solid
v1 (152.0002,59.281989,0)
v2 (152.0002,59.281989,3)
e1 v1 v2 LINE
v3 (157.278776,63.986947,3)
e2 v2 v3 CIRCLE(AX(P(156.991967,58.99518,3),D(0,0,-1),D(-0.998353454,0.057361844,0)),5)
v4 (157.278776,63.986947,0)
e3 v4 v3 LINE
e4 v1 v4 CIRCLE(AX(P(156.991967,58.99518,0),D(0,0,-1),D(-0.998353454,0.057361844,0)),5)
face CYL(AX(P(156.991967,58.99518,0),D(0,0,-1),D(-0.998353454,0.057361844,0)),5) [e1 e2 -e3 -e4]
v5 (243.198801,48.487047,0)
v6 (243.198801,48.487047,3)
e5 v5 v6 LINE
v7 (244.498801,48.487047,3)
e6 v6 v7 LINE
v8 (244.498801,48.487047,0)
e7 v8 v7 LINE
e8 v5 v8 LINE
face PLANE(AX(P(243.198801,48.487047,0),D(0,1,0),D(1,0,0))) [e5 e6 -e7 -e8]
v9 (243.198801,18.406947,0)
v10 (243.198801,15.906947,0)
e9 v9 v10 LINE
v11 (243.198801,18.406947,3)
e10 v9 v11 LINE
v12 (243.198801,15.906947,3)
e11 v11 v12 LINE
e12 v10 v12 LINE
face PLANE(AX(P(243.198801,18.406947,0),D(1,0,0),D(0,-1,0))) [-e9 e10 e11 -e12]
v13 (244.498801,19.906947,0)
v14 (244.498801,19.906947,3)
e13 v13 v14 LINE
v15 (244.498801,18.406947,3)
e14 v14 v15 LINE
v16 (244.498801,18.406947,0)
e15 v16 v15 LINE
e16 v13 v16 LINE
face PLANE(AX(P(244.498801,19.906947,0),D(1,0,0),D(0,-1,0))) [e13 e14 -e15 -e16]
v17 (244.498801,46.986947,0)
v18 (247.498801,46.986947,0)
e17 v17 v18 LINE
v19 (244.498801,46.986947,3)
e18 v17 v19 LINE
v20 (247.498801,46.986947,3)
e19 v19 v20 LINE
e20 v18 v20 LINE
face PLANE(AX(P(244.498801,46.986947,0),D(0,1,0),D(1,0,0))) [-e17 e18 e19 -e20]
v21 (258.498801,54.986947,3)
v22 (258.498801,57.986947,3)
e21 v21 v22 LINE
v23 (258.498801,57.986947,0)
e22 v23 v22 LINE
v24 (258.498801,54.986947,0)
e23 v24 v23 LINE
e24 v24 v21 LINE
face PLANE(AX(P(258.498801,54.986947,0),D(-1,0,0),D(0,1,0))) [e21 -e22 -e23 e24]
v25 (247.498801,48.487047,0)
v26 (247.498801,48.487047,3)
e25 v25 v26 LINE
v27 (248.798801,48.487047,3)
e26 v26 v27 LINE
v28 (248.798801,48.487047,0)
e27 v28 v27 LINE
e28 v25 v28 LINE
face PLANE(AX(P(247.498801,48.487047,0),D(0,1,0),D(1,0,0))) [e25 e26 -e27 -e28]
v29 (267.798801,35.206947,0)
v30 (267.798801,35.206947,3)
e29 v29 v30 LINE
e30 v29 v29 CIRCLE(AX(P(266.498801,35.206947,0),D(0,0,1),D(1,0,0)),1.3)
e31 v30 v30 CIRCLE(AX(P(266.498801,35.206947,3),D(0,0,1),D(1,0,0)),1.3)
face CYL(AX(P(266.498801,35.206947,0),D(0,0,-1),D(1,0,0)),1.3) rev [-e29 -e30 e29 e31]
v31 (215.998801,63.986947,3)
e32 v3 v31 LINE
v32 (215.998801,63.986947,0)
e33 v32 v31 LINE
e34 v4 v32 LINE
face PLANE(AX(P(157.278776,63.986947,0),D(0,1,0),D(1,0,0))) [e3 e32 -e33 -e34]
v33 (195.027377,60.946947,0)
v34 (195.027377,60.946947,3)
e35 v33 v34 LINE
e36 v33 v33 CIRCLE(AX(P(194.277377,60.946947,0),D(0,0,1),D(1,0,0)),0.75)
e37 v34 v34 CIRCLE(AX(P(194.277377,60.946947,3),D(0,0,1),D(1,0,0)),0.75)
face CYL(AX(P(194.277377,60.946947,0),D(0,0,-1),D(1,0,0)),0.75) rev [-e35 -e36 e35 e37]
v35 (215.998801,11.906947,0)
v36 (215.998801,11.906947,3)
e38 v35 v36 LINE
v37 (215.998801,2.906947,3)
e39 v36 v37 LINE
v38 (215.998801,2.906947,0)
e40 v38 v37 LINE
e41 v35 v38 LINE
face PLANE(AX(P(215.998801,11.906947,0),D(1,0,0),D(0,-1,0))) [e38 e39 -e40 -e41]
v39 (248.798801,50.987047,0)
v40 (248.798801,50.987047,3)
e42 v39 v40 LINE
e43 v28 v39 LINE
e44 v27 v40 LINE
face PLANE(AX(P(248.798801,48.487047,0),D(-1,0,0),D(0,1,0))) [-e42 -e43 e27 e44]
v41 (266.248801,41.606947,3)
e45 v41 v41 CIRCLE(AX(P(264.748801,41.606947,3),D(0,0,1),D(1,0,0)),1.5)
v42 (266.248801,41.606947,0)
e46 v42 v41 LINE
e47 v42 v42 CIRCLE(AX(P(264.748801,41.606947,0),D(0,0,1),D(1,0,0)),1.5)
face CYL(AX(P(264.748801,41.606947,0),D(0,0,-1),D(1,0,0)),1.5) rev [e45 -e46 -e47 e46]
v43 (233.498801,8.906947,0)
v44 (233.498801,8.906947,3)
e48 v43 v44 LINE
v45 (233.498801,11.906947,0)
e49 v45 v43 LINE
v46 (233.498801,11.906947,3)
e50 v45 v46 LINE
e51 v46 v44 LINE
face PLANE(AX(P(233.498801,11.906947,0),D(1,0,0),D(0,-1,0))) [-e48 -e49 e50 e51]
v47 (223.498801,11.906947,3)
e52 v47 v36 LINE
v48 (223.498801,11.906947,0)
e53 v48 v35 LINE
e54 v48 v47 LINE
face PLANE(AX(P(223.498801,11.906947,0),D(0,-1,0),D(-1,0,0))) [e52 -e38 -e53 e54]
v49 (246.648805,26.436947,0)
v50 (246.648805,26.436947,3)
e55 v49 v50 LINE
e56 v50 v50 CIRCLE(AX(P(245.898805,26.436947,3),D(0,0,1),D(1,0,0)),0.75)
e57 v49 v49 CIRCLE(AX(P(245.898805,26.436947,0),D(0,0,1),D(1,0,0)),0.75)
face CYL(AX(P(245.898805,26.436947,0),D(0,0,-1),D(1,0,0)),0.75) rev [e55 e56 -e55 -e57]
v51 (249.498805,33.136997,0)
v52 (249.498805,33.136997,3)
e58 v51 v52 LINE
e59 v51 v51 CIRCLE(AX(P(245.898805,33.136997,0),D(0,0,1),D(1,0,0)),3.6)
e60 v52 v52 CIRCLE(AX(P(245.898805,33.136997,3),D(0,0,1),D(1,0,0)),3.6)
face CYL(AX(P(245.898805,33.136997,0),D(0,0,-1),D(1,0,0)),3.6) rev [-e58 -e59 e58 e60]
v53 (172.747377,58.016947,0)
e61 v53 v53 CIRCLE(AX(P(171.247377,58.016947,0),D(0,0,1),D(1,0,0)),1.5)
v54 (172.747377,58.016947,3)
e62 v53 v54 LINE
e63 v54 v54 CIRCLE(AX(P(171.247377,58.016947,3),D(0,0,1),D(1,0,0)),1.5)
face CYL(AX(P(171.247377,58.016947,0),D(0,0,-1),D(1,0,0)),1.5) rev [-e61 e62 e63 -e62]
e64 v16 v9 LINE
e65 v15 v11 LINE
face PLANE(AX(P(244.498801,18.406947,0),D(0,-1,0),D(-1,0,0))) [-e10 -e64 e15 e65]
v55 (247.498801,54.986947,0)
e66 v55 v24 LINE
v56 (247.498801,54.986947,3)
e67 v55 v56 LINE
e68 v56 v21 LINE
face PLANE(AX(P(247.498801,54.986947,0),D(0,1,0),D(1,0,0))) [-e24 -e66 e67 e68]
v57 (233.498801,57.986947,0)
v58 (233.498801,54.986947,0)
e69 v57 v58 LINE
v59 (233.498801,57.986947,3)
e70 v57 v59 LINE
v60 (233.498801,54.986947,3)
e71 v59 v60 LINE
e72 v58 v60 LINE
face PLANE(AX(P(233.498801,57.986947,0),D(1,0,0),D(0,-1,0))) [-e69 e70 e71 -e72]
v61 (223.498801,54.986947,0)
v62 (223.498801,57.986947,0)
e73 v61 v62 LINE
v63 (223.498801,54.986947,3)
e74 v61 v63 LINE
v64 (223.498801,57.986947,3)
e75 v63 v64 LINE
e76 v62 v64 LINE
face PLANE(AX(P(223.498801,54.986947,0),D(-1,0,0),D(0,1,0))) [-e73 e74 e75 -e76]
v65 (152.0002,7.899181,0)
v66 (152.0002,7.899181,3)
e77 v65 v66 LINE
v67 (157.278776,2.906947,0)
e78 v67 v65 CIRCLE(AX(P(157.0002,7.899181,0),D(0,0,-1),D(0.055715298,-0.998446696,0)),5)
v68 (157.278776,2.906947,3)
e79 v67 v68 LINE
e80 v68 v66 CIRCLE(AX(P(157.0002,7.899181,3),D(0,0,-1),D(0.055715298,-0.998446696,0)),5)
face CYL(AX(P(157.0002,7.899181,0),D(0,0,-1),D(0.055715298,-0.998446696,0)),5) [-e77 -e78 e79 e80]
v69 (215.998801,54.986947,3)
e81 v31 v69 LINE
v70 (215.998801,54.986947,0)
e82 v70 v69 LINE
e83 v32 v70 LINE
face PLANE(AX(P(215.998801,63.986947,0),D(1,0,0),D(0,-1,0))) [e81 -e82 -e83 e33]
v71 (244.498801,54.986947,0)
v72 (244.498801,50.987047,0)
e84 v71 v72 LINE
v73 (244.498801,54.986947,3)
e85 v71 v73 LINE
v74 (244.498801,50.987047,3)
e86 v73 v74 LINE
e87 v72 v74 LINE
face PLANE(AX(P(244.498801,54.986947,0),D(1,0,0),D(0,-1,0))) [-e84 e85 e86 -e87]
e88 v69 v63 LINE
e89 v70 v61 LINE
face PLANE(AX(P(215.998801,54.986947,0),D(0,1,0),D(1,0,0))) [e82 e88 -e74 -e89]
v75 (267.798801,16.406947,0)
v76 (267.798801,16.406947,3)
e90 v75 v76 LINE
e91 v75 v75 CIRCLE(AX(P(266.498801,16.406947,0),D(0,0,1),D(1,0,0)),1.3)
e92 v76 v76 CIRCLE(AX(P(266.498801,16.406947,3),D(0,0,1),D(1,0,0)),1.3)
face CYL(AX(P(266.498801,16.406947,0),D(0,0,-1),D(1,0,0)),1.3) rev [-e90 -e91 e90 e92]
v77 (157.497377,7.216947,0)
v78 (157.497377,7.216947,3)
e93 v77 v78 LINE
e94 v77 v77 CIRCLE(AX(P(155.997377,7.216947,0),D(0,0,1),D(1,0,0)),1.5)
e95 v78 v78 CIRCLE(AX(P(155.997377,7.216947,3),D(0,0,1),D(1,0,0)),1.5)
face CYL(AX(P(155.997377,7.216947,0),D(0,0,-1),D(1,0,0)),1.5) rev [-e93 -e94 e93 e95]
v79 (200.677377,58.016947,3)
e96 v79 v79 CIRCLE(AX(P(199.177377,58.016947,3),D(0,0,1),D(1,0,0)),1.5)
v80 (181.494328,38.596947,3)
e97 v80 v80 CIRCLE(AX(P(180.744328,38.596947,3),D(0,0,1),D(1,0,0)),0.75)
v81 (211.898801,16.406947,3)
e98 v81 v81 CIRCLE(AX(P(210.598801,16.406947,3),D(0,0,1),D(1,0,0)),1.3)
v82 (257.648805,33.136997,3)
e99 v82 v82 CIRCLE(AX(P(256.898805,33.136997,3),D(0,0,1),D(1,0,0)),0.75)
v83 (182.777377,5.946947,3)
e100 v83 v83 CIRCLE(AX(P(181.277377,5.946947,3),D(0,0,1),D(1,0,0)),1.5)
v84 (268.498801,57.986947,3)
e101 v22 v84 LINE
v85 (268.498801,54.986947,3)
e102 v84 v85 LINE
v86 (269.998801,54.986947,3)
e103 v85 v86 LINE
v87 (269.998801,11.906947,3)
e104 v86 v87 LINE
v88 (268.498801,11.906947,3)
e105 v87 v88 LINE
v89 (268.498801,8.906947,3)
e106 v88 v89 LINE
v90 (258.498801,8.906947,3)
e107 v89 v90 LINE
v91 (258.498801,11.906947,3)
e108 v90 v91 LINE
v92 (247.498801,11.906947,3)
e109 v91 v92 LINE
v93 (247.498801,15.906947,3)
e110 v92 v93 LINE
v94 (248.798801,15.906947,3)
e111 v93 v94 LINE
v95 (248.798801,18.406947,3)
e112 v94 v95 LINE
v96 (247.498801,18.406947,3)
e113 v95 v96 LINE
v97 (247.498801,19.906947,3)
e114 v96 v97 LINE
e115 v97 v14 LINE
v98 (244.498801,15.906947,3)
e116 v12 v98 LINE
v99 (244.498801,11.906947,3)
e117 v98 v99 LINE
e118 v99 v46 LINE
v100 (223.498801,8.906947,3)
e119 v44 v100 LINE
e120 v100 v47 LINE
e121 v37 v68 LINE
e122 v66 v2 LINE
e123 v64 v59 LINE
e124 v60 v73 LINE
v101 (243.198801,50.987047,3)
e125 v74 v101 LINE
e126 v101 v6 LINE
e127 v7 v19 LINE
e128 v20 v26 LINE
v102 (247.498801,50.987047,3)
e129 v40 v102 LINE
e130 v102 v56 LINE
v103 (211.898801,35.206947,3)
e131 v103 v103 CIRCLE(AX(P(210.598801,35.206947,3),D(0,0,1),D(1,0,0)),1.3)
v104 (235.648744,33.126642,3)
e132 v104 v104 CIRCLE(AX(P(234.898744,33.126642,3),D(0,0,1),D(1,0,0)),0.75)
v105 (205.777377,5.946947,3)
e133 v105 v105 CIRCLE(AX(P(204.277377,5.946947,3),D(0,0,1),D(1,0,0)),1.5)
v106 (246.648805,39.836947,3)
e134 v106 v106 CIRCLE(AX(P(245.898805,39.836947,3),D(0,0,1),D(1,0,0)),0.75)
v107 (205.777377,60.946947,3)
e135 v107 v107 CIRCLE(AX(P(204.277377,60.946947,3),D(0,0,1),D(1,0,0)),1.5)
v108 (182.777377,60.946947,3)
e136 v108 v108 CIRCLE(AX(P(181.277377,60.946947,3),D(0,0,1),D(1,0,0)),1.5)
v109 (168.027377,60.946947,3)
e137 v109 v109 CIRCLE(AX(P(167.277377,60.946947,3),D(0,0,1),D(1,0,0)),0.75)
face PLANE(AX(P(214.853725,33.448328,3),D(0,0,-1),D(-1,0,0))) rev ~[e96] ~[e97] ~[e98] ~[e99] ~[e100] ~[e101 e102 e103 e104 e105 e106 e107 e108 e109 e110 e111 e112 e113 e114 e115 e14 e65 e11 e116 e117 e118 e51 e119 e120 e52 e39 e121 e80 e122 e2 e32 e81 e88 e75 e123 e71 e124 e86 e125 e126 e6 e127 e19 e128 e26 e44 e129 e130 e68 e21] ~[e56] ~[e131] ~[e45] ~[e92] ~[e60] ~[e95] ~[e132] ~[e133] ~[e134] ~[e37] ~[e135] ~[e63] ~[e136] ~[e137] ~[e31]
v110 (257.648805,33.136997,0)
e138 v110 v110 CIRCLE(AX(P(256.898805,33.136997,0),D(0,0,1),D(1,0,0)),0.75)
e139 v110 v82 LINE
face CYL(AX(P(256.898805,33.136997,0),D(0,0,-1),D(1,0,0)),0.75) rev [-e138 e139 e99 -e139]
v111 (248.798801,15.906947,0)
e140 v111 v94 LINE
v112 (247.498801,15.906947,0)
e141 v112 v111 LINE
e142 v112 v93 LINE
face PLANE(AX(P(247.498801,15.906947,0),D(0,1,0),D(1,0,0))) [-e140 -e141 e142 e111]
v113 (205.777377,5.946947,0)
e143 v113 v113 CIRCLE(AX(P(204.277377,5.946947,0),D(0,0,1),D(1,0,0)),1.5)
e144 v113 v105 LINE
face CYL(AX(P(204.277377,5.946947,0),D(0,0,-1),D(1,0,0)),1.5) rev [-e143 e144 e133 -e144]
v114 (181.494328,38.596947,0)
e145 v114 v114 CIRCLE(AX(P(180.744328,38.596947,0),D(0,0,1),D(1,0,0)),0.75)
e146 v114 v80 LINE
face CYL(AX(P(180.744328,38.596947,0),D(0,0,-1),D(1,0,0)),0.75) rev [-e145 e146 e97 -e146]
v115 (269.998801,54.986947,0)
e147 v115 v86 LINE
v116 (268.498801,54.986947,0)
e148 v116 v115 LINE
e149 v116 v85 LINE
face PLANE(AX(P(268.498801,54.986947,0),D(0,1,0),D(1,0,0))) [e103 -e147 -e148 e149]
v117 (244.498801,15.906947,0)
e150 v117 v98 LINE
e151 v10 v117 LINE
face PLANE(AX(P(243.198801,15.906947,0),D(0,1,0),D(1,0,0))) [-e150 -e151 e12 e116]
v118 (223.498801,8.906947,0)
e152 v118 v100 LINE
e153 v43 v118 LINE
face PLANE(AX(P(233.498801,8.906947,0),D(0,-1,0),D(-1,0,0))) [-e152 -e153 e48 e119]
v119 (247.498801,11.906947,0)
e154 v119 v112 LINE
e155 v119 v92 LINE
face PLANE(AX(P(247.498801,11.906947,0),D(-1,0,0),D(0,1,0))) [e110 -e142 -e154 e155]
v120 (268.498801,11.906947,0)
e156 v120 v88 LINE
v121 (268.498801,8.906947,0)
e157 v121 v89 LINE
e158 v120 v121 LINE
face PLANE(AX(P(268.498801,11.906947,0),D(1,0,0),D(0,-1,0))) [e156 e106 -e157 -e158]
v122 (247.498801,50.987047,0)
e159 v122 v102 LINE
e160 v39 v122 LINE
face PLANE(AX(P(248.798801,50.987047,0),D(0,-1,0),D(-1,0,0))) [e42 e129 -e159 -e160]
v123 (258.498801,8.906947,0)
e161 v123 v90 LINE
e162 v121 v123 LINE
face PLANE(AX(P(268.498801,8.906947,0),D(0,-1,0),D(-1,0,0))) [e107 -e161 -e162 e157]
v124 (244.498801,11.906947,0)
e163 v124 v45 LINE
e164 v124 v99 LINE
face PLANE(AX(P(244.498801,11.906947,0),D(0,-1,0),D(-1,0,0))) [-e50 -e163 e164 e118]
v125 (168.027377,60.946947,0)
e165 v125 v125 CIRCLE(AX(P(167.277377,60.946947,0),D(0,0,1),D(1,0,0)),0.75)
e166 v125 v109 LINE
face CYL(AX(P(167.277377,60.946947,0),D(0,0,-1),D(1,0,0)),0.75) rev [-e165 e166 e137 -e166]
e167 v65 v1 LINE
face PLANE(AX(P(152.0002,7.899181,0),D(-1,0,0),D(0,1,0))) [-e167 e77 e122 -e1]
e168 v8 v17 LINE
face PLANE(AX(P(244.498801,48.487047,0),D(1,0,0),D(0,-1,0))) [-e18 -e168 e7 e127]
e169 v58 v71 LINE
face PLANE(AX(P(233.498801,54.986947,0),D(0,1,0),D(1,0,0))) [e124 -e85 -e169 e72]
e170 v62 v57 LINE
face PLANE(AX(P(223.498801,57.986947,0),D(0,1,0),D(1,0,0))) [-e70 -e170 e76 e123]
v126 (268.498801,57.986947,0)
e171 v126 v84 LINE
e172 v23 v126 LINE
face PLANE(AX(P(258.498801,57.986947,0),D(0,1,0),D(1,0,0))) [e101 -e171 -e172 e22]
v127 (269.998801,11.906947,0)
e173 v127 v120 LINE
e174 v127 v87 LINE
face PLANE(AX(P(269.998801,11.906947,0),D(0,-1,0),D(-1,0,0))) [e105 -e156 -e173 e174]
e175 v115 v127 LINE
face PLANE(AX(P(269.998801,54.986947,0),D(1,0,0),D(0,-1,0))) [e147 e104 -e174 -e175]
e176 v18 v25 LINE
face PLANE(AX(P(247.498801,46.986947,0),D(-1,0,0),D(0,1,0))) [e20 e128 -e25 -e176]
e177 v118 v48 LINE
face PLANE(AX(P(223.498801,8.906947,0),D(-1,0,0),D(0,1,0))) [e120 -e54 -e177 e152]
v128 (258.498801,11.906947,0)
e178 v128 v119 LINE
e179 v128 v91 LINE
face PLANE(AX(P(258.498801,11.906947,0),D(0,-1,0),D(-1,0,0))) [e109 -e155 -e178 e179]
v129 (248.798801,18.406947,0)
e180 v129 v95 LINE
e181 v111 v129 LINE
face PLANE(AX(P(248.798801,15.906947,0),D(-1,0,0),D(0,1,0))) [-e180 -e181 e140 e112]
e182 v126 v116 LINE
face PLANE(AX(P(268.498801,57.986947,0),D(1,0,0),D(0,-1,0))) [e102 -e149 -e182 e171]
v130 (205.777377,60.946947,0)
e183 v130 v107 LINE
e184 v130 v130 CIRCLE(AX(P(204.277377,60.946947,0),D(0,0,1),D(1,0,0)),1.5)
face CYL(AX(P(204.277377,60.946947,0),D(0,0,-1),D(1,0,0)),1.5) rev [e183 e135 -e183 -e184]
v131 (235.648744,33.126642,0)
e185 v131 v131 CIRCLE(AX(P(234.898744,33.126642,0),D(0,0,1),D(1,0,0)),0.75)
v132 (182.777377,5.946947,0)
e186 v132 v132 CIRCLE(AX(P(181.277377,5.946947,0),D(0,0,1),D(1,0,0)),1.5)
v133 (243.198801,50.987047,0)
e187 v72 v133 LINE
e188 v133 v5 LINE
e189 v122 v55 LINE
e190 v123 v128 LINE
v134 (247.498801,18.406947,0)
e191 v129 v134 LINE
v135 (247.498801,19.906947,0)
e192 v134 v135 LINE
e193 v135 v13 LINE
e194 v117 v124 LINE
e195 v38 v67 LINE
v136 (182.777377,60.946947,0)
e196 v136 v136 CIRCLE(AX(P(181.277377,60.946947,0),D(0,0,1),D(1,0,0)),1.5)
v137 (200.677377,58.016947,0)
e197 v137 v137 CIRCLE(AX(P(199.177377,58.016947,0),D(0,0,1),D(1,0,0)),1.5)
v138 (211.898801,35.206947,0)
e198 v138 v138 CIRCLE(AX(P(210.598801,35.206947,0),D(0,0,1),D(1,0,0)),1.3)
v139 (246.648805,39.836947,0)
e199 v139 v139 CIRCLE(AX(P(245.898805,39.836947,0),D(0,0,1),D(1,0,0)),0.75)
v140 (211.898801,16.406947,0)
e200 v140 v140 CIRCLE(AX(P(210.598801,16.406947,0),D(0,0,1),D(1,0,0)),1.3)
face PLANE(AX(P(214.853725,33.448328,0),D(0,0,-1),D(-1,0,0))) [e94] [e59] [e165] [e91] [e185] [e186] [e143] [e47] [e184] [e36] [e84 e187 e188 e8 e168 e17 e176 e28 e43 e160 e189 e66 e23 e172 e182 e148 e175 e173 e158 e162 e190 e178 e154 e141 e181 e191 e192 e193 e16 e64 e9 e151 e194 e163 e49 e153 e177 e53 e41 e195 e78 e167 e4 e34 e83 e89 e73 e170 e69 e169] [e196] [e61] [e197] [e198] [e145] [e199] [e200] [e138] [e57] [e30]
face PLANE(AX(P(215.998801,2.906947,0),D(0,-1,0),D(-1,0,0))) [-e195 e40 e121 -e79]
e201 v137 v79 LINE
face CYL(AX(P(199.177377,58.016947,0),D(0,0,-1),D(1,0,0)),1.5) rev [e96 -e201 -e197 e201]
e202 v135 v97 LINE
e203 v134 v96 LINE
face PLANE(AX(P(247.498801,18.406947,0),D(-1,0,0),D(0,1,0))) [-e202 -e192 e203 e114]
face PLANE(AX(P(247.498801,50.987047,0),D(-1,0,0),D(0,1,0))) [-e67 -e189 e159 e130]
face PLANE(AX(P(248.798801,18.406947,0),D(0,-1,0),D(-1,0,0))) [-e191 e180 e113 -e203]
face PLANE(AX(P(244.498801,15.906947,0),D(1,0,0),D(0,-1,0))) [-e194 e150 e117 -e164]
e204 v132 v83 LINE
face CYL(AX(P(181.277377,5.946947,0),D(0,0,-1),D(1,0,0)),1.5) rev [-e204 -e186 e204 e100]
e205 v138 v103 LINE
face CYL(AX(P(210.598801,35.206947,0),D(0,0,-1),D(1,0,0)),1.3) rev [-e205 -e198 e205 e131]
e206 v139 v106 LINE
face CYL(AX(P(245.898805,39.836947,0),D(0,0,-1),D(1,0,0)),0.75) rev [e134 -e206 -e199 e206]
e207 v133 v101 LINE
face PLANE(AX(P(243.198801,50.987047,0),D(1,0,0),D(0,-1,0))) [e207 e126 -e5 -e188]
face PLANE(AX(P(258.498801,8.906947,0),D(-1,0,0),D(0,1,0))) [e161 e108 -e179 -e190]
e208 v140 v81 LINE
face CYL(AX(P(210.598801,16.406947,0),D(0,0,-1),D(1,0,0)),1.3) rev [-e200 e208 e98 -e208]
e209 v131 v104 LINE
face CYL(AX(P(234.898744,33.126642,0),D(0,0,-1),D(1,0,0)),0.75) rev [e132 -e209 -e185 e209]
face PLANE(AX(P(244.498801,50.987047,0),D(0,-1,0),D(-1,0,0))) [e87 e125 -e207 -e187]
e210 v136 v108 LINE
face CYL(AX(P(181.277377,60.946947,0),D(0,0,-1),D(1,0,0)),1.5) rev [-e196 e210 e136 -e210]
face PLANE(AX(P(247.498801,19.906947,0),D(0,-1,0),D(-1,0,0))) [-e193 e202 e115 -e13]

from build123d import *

# Parameters (mm, degrees)
SKETCH_1_R      = 1.3
SKETCH_1_R_2    = 1.500000002
SKETCH_1_R_3    = 0.75
SKETCH_1_R_4    = 1.5
SKETCH_1_R_5    = 3.600000001
EXTRUDE_1_DEPTH = 3


with BuildPart() as part:
    # 草圖1 → 填料-伸長1 (new body)
    with BuildSketch(Plane.XY):
        with BuildLine():
            Line((215.998800526, 63.986947452), (215.998800526, 54.986947452))
            Line((215.998800526, 54.986947452), (223.498800526, 54.986947452))
            Line((223.498800526, 54.986947452), (223.498800526, 57.986947452))
            Line((223.498800526, 57.986947452), (233.498800526, 57.986947452))
            Line((233.498800526, 57.986947452), (233.498800526, 54.986947452))
            Line((233.498800526, 54.986947452), (244.498800526, 54.986947452))
            Line((244.498800526, 54.986947452), (244.498800526, 50.987047452))
            Line((244.498800526, 50.987047452), (243.198800526, 50.987047452))
            Line((243.198800526, 50.987047452), (243.198800526, 48.487047452))
            Line((243.198800526, 48.487047452), (244.498800526, 48.487047452))
            Line((244.498800526, 48.487047452), (244.498800526, 46.986947452))
            Line((244.498800526, 46.986947452), (247.498800526, 46.986947452))
            Line((247.498800526, 46.986947452), (247.498800526, 48.487047452))
            Line((247.498800526, 48.487047452), (248.798800526, 48.487047452))
            Line((248.798800526, 48.487047452), (248.798800526, 50.987047452))
            Line((248.798800526, 50.987047452), (247.498800526, 50.987047452))
            Line((247.498800526, 50.987047452), (247.498800526, 54.986947452))
            Line((247.498800526, 54.986947452), (258.498800526, 54.986947452))
            Line((258.498800526, 54.986947452), (258.498800526, 57.986947452))
            Line((258.498800526, 57.986947452), (268.498800526, 57.986947452))
            Line((268.498800526, 57.986947452), (268.498800526, 54.986947452))
            Line((268.498800526, 54.986947452), (269.998800526, 54.986947452))
            Line((269.998800526, 54.986947452), (269.998800526, 11.906947452))
            Line((269.998800526, 11.906947452), (268.498800526, 11.906947452))
            Line((268.498800526, 11.906947452), (268.498800526, 8.906947452))
            Line((268.498800526, 8.906947452), (258.498800526, 8.906947452))
            Line((258.498800526, 8.906947452), (258.498800526, 11.906947452))
            Line((258.498800526, 11.906947452), (247.498800526, 11.906947452))
            Line((247.498800526, 11.906947452), (247.498800526, 15.906947452))
            Line((247.498800526, 15.906947452), (248.798800526, 15.906947452))
            Line((248.798800526, 15.906947452), (248.798800526, 18.406947452))
            Line((248.798800526, 18.406947452), (247.498800526, 18.406947452))
            Line((247.498800526, 18.406947452), (247.498800526, 19.906947452))
            Line((247.498800526, 19.906947452), (244.498800526, 19.906947452))
            Line((244.498800526, 19.906947452), (244.498800526, 18.406947452))
            Line((244.498800526, 18.406947452), (243.198800526, 18.406947452))
            Line((243.198800526, 18.406947452), (243.198800526, 15.906947452))
            Line((243.198800526, 15.906947452), (244.498800526, 15.906947452))
            Line((244.498800526, 15.906947452), (244.498800526, 11.906947452))
            Line((244.498800526, 11.906947452), (233.498800526, 11.906947452))
            Line((233.498800526, 11.906947452), (233.498800526, 8.906947452))
            Line((233.498800526, 8.906947452), (223.498800526, 8.906947452))
            Line((223.498800526, 8.906947452), (223.498800526, 11.906947452))
            Line((223.498800526, 11.906947452), (215.998800526, 11.906947452))
            Line((215.998800526, 11.906947452), (215.998800526, 2.906947452))
            Line((215.998800526, 2.906947452), (157.278776491, 2.906947452))
            ThreePointArc((157.278776491, 2.906947452), (153.564569232, 4.266490303), (152.0002, 7.899180934))
            Line((152.0002, 7.899180934), (152.0002, 59.281989405))
            ThreePointArc((152.0002, 59.281989405), (153.665059528, 62.727697415), (157.278776491, 63.986947452))
            Line((157.278776491, 63.986947452), (215.998800526, 63.986947452))
        make_face()
        with Locations((266.498800526, 16.406947452)):
            Circle(SKETCH_1_R, mode=Mode.SUBTRACT)
        with Locations((264.748800526, 41.606947452)):
            Circle(SKETCH_1_R_2, mode=Mode.SUBTRACT)
        with Locations((266.498800526, 35.206947452)):
            Circle(SKETCH_1_R, mode=Mode.SUBTRACT)
        with Locations((256.898805336, 33.13699656)):
            Circle(SKETCH_1_R_3, mode=Mode.SUBTRACT)
        with Locations((245.898805336, 39.836947452)):
            Circle(SKETCH_1_R_3, mode=Mode.SUBTRACT)
        with Locations((245.898805336, 26.436947452)):
            Circle(SKETCH_1_R_3, mode=Mode.SUBTRACT)
        with Locations((234.898744394, 33.126641893)):
            Circle(SKETCH_1_R_3, mode=Mode.SUBTRACT)
        with Locations((155.997377017, 7.216947452)):
            Circle(SKETCH_1_R_4, mode=Mode.SUBTRACT)
        with Locations((181.277377017, 5.946947452)):
            Circle(SKETCH_1_R_4, mode=Mode.SUBTRACT)
        with Locations((204.277377017, 5.946947452)):
            Circle(SKETCH_1_R_4, mode=Mode.SUBTRACT)
        with Locations((210.598800526, 16.406947452)):
            Circle(SKETCH_1_R, mode=Mode.SUBTRACT)
        with Locations((210.598800526, 35.206947452)):
            Circle(SKETCH_1_R, mode=Mode.SUBTRACT)
        with Locations((180.744327914, 38.596947452)):
            Circle(SKETCH_1_R_3, mode=Mode.SUBTRACT)
        with Locations((204.277377017, 60.946947452)):
            Circle(SKETCH_1_R_4, mode=Mode.SUBTRACT)
        with Locations((199.177377017, 58.016947452)):
            Circle(SKETCH_1_R_4, mode=Mode.SUBTRACT)
        with Locations((194.277377017, 60.946947452)):
            Circle(SKETCH_1_R_3, mode=Mode.SUBTRACT)
        with Locations((181.277377017, 60.946947452)):
            Circle(SKETCH_1_R_4, mode=Mode.SUBTRACT)
        with Locations((167.277377017, 60.946947452)):
            Circle(SKETCH_1_R_3, mode=Mode.SUBTRACT)
        with Locations((171.247377017, 58.016947452)):
            Circle(SKETCH_1_R_4, mode=Mode.SUBTRACT)
        with Locations((245.898805335, 33.13699656)):
            Circle(SKETCH_1_R_5, mode=Mode.SUBTRACT)
    extrude(amount=EXTRUDE_1_DEPTH)


solid = part.part
